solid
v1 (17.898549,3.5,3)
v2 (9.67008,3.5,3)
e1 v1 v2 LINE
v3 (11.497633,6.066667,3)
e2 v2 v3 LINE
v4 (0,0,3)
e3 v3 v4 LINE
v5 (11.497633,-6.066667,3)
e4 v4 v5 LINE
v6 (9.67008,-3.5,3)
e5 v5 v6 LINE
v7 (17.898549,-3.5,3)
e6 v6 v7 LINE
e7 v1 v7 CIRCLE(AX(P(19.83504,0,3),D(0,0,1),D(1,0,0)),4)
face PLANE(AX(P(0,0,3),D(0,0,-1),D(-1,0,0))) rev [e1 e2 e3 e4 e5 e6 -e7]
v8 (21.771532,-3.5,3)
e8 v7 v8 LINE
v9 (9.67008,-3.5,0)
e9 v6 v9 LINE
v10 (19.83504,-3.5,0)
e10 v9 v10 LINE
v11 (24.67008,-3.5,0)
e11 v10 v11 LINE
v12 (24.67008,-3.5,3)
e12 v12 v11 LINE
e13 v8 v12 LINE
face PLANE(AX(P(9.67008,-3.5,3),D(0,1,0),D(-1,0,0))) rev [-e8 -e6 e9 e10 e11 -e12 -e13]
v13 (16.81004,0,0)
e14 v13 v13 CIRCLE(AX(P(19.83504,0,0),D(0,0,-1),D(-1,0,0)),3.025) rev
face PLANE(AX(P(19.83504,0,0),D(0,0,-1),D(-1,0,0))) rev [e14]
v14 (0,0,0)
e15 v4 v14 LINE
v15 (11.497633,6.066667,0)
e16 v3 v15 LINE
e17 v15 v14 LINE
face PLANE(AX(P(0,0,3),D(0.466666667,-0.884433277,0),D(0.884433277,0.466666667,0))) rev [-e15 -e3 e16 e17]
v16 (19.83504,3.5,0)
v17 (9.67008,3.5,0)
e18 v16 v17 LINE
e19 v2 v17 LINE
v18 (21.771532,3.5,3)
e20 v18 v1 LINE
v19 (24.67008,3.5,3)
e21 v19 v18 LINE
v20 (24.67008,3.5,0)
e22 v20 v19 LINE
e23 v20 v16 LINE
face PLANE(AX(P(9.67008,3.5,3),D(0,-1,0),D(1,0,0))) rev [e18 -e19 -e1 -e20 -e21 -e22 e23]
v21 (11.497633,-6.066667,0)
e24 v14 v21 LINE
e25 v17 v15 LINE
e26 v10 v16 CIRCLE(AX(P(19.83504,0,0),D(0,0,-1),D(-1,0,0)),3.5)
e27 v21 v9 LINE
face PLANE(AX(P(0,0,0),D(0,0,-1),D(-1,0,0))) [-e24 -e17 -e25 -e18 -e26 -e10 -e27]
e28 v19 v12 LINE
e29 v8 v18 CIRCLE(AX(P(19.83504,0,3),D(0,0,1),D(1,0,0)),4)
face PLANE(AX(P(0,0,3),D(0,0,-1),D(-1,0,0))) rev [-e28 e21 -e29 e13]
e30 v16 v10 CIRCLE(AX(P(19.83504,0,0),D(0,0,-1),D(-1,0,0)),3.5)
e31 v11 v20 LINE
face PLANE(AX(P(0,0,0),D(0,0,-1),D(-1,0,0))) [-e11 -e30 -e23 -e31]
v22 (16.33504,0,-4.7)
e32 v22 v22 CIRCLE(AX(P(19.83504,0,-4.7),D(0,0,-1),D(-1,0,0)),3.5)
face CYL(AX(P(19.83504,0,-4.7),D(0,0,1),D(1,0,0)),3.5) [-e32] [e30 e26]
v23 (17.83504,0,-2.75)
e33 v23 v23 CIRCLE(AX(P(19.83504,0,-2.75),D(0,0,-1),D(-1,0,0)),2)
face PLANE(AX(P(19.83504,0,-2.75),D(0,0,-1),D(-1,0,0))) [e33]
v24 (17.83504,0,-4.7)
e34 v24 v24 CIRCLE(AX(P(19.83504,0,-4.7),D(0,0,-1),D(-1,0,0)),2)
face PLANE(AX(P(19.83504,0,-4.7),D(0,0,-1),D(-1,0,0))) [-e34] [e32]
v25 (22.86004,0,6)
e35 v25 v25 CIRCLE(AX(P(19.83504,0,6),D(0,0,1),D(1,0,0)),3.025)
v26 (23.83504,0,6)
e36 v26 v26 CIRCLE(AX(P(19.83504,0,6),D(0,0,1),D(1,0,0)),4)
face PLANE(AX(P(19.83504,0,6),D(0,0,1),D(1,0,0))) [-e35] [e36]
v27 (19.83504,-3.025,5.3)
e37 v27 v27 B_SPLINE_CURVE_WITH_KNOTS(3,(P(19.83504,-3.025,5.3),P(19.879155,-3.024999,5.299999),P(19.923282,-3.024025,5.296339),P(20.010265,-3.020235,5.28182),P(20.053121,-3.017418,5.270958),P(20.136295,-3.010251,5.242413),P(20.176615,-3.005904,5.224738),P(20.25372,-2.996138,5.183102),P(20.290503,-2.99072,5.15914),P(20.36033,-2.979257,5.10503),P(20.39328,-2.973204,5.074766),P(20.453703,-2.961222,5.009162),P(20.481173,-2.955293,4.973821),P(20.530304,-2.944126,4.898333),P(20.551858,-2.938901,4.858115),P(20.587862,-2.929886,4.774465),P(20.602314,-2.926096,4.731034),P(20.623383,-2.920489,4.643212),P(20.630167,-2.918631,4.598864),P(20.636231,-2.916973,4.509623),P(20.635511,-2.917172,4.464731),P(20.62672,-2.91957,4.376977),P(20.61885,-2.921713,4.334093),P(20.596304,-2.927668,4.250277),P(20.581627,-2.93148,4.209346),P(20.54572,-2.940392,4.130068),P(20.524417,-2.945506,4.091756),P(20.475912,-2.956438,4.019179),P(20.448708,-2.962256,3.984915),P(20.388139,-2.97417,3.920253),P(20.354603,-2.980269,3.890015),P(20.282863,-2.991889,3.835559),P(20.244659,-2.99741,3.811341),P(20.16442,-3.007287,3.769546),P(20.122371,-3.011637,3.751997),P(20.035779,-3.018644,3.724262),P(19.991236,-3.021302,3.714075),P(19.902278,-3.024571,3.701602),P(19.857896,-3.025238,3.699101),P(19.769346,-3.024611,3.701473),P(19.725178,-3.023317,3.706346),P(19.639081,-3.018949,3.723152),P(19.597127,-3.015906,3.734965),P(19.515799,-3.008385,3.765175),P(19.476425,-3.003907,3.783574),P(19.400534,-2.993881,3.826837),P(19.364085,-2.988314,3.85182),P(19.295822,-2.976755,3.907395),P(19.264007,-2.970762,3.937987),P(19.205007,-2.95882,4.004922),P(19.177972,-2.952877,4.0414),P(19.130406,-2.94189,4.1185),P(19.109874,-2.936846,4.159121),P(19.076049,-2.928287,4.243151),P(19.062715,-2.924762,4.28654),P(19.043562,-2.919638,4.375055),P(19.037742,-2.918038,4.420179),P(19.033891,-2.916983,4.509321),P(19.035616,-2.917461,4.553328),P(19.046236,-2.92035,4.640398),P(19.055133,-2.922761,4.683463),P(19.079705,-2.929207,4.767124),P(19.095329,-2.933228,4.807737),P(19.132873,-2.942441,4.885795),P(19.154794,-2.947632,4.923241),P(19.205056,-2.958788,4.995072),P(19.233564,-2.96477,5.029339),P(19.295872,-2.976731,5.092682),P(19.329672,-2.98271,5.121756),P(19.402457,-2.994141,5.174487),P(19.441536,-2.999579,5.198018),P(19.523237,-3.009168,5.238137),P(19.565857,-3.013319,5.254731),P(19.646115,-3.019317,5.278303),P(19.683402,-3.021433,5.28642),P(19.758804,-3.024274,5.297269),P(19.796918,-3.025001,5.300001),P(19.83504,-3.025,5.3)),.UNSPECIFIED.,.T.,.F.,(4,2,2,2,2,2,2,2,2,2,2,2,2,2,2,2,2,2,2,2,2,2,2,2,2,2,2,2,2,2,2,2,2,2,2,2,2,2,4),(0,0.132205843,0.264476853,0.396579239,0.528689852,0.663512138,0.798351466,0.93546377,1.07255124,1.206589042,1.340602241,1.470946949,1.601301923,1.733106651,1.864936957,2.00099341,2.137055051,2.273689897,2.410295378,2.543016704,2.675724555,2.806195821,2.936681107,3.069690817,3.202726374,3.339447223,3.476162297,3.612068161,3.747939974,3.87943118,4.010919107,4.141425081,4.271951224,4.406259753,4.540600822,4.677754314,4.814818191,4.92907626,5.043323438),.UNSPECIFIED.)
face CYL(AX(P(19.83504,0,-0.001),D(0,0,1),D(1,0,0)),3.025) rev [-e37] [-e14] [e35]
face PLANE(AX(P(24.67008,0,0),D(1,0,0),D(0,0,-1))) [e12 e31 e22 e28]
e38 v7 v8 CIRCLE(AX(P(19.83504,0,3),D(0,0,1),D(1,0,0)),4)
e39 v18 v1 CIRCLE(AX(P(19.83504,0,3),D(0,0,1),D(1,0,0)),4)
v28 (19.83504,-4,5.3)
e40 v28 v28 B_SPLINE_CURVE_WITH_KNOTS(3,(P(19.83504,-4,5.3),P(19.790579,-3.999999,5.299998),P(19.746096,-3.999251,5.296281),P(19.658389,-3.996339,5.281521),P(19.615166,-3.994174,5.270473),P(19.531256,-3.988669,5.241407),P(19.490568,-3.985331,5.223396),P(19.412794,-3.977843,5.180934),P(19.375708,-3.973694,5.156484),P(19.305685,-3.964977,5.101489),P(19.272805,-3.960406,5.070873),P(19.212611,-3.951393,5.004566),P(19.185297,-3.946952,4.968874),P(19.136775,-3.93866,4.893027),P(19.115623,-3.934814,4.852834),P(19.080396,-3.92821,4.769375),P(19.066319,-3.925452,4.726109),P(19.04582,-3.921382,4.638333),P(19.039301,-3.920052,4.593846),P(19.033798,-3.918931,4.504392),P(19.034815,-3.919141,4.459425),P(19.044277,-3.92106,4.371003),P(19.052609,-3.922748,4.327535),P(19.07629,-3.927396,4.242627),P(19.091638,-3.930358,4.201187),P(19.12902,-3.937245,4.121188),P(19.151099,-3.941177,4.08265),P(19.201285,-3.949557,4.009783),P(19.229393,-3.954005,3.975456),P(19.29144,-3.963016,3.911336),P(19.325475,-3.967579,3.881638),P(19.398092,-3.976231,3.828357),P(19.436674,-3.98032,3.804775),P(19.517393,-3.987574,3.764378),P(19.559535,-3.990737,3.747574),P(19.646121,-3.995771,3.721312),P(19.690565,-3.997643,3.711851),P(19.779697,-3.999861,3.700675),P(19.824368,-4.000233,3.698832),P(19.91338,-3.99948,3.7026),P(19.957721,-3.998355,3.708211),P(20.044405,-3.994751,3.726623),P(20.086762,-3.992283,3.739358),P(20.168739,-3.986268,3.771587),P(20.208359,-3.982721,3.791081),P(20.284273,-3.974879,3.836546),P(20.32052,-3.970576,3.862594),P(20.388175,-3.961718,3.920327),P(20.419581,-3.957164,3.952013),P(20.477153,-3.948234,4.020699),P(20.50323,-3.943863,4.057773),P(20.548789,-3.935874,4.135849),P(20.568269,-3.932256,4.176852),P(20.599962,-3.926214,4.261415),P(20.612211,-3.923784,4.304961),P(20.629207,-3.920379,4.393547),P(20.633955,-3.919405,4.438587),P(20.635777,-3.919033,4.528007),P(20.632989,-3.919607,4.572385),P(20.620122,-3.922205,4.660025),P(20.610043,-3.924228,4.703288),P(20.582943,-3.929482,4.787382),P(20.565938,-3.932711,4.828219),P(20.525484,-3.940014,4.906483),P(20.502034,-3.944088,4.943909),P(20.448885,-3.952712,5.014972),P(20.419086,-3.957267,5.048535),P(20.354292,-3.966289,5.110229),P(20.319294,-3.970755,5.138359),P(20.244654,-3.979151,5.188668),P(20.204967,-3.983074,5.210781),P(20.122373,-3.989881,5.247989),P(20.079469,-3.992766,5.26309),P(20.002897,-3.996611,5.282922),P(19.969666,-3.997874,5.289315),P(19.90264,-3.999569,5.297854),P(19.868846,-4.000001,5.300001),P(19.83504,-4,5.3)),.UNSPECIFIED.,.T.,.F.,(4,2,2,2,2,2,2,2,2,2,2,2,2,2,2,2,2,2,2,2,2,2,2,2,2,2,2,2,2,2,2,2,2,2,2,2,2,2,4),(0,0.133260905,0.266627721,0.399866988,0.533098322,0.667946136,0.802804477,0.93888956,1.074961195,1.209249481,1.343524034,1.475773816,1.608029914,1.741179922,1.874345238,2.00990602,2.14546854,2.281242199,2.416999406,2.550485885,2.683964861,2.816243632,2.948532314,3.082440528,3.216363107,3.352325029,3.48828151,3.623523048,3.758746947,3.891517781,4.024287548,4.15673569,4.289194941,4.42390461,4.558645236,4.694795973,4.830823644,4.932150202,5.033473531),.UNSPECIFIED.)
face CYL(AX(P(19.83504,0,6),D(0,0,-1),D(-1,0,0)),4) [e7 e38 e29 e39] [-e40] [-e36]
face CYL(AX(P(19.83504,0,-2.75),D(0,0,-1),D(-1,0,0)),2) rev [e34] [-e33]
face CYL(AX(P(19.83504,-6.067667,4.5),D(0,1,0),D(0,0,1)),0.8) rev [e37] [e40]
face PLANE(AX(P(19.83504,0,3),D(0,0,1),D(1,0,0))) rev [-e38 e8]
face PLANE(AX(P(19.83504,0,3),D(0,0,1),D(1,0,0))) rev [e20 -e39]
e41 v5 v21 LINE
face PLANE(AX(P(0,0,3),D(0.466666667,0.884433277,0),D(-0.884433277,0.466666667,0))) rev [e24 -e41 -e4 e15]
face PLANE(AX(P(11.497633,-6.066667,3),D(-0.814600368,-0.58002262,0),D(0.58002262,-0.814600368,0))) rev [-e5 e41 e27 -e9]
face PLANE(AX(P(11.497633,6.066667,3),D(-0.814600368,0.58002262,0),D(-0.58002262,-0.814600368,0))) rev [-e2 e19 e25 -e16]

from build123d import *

# Parameters (mm, degrees)
BOSS_EXTRUDE1_DEPTH     = 3
SKETCH8_R               = 4
BOSS_EXTRUDE4_DEPTH     = 3
CUT_EXTRUDE5_REACH      = 42.577
SKETCH9_R               = 3.025
CUT_EXTRUDE6_REACH      = 42.577
CUT_EXTRUDE6_END_RADIUS = 4
SKETCH10_R              = 0.8
SKETCH11_R              = 3.5
BOSS_EXTRUDE5_DEPTH     = 4.7
SKETCH12_R              = 2
CUT_EXTRUDE7_DEPTH      = 1.95
SKETCH13_W              = 3
SKETCH13_H              = 7
CUT_EXTRUDE8_DEPTH      = 15


with BuildPart() as part:
    # Sketch3 → Boss-Extrude1 (new body)
    with BuildSketch(Plane.XY):
        Polygon((0, 0), (11.497632607, 6.066666667), (9.670080369, 3.5), (39.670080369, 3.5), (39.670080369, -3.5), (9.670080369, -3.5), (11.497632607, -6.066666667), align=None)
    extrude(amount=BOSS_EXTRUDE1_DEPTH)

    # Sketch8 → Boss-Extrude4 (add)
    with BuildSketch(Plane.XY.offset(3)):
        with Locations(Location((19.835040185, 0, 0), (0, 0, 118.955024372))):
            Circle(SKETCH8_R)
    extrude(amount=BOSS_EXTRUDE4_DEPTH)

    # Sketch9 → Cut-Extrude5 (cut, up to next)
    with BuildSketch(Plane.XY.offset(6), mode=Mode.PRIVATE) as cut_extrude5_sk1:
        with Locations((19.835040185, 0)):
            Circle(SKETCH9_R)
    cut_extrude5_tool1 = extrude(cut_extrude5_sk1.sketch, amount=-CUT_EXTRUDE5_REACH, mode=Mode.PRIVATE) & part.part
    add(cut_extrude5_tool1.solids().sort_by_distance((19.83504, 0, 6))[0], mode=Mode.SUBTRACT)

    # Cut-Extrude6: up to this cylinder (the profile starts inside it)
    cut_extrude6_end = Plane(origin=(19.835040185, 0, 4.5), z_dir=(0, 0, -1)) * Cylinder(CUT_EXTRUDE6_END_RADIUS, 94.154, mode=Mode.PRIVATE)
    # Sketch10 → Cut-Extrude6 (cut, up to the surface)
    with BuildSketch(Plane(origin=(0, 0, 0), x_dir=(1, 0, 0), z_dir=(0, 1, 0)), mode=Mode.PRIVATE) as cut_extrude6_sk1:
        with Locations(Location((19.835040185, -4.5, 0), (0, 0, 270))):
            Circle(SKETCH10_R)
    cut_extrude6_tool1 = extrude(cut_extrude6_sk1.sketch, amount=-CUT_EXTRUDE6_REACH, mode=Mode.PRIVATE) & cut_extrude6_end
    add(cut_extrude6_tool1.solids().sort_by_distance((19.83504, 0, 4.5))[0], mode=Mode.SUBTRACT)

    # Sketch11 → Boss-Extrude5 (add)
    with BuildSketch(Plane(origin=(0, 0, 0), x_dir=(-1, 0, 0), z_dir=(0, 0, -1))):
        with Locations(Location((-19.835040185, 0, 0), (0, 0, 270))):
            Circle(SKETCH11_R)
    extrude(amount=BOSS_EXTRUDE5_DEPTH)

    # Sketch12 → Cut-Extrude7 (cut)
    with BuildSketch(Plane(origin=(0, 0, -4.7), x_dir=(-1, 0, 0), z_dir=(0, 0, -1))):
        with Locations((-19.835040185, 0)):
            Circle(SKETCH12_R)
    extrude(amount=-CUT_EXTRUDE7_DEPTH, mode=Mode.SUBTRACT)

    # Sketch13 → Cut-Extrude8 (cut)
    with BuildSketch(Plane(origin=(39.670080369, 0, 0), x_dir=(0, 0, -1), z_dir=(1, 0, 0))):
        with Locations((-1.5, 0)):
            Rectangle(SKETCH13_W, SKETCH13_H)
    extrude(amount=-CUT_EXTRUDE8_DEPTH, mode=Mode.SUBTRACT)


solid = part.part
